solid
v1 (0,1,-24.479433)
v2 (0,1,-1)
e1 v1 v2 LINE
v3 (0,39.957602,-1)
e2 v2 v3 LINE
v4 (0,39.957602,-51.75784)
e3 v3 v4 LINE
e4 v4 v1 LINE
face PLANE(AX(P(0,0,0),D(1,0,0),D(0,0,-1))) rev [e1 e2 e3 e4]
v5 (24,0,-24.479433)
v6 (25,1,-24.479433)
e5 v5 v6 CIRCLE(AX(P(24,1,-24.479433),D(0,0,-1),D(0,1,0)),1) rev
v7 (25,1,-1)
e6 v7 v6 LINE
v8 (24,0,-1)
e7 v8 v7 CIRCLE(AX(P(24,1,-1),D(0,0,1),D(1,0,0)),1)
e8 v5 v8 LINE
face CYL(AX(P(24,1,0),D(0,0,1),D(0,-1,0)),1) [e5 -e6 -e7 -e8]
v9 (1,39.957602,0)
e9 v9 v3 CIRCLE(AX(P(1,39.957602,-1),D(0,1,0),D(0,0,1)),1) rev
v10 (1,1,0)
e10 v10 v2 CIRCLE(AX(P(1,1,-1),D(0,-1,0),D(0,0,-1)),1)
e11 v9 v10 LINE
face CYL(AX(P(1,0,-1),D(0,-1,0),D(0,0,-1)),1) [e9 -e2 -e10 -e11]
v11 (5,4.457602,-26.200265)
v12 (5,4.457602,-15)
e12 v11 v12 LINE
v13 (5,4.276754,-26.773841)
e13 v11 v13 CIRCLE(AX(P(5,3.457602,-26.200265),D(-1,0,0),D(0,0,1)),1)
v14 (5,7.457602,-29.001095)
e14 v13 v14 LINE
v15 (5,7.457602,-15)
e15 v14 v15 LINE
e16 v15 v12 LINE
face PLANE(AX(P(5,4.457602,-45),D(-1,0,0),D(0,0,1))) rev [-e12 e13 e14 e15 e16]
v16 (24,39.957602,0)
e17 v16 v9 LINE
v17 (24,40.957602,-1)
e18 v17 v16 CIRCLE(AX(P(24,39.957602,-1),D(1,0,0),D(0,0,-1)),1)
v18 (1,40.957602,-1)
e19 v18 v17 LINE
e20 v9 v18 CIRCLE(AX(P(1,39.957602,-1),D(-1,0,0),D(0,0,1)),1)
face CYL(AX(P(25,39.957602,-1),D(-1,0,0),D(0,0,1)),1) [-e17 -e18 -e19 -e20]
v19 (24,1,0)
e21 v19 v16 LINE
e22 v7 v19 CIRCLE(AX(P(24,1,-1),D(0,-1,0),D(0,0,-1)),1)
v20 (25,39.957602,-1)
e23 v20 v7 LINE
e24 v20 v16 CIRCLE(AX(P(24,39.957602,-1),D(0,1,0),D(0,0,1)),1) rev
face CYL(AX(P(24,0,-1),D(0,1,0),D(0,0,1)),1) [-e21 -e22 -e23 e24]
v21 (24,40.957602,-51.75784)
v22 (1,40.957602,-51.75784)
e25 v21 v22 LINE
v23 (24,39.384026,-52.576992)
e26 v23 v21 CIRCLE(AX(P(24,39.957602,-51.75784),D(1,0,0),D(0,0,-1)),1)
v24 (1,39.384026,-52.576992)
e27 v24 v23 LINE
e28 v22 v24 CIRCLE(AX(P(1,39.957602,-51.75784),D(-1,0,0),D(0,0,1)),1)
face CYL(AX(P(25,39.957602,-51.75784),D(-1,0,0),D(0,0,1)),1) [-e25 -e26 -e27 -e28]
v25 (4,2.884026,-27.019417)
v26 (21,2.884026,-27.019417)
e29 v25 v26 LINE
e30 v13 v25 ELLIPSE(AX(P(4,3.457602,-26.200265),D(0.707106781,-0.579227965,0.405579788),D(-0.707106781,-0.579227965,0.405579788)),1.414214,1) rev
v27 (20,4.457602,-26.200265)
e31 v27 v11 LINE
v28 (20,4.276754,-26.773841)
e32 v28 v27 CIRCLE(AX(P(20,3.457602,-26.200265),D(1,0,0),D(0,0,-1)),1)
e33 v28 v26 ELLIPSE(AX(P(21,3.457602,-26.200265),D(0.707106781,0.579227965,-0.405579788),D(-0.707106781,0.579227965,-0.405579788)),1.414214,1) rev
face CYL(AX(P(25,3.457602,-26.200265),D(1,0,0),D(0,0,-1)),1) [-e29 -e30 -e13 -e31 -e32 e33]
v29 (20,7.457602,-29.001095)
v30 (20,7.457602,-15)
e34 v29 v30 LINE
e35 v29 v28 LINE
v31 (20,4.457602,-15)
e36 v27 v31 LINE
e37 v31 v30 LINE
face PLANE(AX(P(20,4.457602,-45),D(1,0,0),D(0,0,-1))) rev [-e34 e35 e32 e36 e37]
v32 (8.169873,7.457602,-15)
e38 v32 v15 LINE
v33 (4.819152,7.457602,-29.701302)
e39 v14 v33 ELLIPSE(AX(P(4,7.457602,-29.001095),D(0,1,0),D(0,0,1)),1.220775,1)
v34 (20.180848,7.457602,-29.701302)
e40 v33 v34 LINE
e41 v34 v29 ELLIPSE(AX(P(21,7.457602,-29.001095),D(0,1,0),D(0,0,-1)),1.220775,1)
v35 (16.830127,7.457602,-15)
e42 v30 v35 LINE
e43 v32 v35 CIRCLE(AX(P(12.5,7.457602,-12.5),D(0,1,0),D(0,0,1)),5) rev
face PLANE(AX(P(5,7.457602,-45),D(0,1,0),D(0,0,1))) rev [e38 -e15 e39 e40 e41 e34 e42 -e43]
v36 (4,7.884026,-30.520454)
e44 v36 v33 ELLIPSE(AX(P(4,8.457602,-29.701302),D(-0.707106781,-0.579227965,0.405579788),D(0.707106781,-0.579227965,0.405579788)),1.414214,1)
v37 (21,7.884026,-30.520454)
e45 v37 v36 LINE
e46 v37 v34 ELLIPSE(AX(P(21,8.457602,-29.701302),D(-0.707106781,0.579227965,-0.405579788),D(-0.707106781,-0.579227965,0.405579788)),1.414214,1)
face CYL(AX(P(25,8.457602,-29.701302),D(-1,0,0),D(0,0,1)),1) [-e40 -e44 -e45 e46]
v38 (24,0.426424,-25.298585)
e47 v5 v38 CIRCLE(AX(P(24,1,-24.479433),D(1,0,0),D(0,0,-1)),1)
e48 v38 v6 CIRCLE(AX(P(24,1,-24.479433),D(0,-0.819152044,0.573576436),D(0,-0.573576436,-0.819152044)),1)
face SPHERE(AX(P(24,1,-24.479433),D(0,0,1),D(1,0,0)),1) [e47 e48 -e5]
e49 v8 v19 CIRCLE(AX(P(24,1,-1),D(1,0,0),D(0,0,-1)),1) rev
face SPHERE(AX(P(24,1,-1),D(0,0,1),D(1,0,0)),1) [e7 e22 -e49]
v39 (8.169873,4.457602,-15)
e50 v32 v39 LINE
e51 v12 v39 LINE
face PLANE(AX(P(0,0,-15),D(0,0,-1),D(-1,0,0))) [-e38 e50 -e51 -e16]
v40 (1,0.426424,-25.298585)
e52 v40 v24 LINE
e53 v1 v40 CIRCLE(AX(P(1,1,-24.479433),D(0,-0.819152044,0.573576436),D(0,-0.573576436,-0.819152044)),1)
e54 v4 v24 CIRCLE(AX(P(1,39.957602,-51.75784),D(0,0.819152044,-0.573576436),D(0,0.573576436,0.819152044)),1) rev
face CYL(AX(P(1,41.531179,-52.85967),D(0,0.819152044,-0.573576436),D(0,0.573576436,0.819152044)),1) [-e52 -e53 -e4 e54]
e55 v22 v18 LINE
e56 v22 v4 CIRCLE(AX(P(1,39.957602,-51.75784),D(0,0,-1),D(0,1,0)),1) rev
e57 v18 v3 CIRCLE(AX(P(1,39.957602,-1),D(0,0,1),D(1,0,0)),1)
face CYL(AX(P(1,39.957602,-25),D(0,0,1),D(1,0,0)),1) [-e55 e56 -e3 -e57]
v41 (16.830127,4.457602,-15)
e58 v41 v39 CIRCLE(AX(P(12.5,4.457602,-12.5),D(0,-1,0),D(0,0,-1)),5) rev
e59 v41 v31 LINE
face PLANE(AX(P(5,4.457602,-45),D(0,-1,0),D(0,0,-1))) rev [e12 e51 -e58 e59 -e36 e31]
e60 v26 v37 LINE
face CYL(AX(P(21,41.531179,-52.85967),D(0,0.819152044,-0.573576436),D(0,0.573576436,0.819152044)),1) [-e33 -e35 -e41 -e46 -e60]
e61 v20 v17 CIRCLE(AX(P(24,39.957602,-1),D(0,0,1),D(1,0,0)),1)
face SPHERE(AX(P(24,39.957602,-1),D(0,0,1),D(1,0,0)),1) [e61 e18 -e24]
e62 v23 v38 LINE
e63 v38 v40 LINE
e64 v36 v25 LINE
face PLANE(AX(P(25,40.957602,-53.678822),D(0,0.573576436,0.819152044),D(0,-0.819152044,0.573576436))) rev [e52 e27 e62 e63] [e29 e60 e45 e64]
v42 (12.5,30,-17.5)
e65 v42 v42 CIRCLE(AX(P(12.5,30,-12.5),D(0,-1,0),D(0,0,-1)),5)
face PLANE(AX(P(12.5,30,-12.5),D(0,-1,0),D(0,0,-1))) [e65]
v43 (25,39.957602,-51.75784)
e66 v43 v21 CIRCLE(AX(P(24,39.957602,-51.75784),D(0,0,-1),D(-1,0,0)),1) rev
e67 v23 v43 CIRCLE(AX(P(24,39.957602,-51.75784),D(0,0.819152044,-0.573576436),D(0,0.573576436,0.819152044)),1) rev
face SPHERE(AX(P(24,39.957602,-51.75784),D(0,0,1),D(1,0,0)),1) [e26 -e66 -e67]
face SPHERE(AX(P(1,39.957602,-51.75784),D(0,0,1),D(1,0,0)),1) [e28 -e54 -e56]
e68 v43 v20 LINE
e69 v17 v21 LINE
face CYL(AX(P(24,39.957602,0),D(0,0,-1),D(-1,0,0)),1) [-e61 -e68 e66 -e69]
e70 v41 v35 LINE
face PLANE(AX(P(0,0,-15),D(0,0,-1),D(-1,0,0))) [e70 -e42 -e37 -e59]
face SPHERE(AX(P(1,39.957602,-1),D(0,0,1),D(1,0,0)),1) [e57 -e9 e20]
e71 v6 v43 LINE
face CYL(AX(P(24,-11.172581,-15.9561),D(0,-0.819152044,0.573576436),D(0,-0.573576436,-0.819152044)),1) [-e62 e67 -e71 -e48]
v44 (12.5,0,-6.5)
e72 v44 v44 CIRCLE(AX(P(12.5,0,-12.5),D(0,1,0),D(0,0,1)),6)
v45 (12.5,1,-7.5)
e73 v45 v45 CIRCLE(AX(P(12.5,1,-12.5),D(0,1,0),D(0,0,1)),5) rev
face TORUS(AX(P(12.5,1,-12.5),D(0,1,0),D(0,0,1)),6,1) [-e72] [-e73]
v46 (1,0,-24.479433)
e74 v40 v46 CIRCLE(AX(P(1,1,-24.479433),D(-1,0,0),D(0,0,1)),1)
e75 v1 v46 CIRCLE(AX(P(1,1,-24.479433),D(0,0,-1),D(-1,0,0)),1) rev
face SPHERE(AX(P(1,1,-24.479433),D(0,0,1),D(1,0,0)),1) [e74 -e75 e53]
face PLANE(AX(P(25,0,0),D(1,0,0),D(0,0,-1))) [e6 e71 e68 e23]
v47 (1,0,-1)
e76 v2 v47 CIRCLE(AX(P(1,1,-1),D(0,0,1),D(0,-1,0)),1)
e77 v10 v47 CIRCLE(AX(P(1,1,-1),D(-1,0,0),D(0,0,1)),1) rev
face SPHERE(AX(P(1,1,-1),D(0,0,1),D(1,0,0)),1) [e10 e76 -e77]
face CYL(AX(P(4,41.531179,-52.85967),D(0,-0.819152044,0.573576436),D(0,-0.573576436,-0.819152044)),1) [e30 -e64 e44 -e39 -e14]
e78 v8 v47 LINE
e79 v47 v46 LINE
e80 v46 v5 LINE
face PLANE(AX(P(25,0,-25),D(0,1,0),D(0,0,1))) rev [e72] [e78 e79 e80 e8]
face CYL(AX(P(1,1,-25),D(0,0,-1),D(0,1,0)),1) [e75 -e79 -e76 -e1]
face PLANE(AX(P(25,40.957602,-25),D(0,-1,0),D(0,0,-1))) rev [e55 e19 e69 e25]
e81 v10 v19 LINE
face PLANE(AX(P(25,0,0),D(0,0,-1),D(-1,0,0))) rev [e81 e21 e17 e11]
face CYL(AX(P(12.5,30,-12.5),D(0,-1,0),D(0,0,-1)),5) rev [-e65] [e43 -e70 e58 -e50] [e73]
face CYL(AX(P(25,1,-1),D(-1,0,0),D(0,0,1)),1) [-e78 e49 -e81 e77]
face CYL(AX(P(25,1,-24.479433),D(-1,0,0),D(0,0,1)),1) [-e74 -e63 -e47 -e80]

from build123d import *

# Parameters (mm, degrees)
BOSS_EXTRUDE1_DEPTH = 25
SKETCH3_R           = 5
CUT_EXTRUDE1_DEPTH  = 30
SKETCH8_W           = 15
SKETCH8_H           = 3
CUT_EXTRUDE10_DEPTH = 30
FILLET1_R           = 1
FILLET2_R           = 1


with BuildPart() as part:
    # Sketch2 → Boss-Extrude1 (new body)
    with BuildSketch(Plane(origin=(0, 0, 0), x_dir=(0, 0, -1), z_dir=(1, 0, 0))):
        Polygon((25, 40.957602214), (53.678821818, 40.957602214), (25, 0), (0, 0), (0, 40.957602214), align=None)
    extrude(amount=BOSS_EXTRUDE1_DEPTH)

    # Sketch3 → Cut-Extrude1 (cut)
    with BuildSketch(Plane.XZ):
        with Locations(Location((12.5, -12.5, 0), (0, 0, 270))):
            Circle(SKETCH3_R)
    extrude(amount=-CUT_EXTRUDE1_DEPTH, mode=Mode.SUBTRACT)

    # Sketch8 → Cut-Extrude10 (cut)
    with BuildSketch(Plane.XY.offset(-15)):
        with Locations((12.5, 5.957602214)):
            Rectangle(SKETCH8_W, SKETCH8_H)
    extrude(amount=-CUT_EXTRUDE10_DEPTH, mode=Mode.SUBTRACT)

    # Fillet1
    fillet1_edges = [part.edges().sort_by_distance(p)[0] for p in [
        (25, 0, -12.5),
        (25, 20.478801107, -39.339410909),
        (5, 5.957602214, -29.17155798),
        (20, 5.957602214, -29.17155798),
        (12.5, 4.457602214, -28.121246673),
        (12.5, 7.457602214, -30.221869288),
        (25, 40.957602214, -26.839410909),
        (0, 40.957602214, -26.839410909),
        (0, 20.478801107, -39.339410909),
        (0, 0, -12.5),
        (0, 20.478801107, 0),
        (25, 20.478801107, 0),
        (12.5, 40.957602214, -53.678821818),
        (12.5, 0, -25),
        (12.5, 0, 0),
        (12.5, 40.957602214, 0),
    ]]
    fillet(fillet1_edges, radius=FILLET1_R)

    # Fillet2
    fillet2_edges = [part.edges().sort_by_distance(p)[0] for p in [
        (12.5, 0, -7.5),
    ]]
    fillet(fillet2_edges, radius=FILLET2_R)


solid = part.part
